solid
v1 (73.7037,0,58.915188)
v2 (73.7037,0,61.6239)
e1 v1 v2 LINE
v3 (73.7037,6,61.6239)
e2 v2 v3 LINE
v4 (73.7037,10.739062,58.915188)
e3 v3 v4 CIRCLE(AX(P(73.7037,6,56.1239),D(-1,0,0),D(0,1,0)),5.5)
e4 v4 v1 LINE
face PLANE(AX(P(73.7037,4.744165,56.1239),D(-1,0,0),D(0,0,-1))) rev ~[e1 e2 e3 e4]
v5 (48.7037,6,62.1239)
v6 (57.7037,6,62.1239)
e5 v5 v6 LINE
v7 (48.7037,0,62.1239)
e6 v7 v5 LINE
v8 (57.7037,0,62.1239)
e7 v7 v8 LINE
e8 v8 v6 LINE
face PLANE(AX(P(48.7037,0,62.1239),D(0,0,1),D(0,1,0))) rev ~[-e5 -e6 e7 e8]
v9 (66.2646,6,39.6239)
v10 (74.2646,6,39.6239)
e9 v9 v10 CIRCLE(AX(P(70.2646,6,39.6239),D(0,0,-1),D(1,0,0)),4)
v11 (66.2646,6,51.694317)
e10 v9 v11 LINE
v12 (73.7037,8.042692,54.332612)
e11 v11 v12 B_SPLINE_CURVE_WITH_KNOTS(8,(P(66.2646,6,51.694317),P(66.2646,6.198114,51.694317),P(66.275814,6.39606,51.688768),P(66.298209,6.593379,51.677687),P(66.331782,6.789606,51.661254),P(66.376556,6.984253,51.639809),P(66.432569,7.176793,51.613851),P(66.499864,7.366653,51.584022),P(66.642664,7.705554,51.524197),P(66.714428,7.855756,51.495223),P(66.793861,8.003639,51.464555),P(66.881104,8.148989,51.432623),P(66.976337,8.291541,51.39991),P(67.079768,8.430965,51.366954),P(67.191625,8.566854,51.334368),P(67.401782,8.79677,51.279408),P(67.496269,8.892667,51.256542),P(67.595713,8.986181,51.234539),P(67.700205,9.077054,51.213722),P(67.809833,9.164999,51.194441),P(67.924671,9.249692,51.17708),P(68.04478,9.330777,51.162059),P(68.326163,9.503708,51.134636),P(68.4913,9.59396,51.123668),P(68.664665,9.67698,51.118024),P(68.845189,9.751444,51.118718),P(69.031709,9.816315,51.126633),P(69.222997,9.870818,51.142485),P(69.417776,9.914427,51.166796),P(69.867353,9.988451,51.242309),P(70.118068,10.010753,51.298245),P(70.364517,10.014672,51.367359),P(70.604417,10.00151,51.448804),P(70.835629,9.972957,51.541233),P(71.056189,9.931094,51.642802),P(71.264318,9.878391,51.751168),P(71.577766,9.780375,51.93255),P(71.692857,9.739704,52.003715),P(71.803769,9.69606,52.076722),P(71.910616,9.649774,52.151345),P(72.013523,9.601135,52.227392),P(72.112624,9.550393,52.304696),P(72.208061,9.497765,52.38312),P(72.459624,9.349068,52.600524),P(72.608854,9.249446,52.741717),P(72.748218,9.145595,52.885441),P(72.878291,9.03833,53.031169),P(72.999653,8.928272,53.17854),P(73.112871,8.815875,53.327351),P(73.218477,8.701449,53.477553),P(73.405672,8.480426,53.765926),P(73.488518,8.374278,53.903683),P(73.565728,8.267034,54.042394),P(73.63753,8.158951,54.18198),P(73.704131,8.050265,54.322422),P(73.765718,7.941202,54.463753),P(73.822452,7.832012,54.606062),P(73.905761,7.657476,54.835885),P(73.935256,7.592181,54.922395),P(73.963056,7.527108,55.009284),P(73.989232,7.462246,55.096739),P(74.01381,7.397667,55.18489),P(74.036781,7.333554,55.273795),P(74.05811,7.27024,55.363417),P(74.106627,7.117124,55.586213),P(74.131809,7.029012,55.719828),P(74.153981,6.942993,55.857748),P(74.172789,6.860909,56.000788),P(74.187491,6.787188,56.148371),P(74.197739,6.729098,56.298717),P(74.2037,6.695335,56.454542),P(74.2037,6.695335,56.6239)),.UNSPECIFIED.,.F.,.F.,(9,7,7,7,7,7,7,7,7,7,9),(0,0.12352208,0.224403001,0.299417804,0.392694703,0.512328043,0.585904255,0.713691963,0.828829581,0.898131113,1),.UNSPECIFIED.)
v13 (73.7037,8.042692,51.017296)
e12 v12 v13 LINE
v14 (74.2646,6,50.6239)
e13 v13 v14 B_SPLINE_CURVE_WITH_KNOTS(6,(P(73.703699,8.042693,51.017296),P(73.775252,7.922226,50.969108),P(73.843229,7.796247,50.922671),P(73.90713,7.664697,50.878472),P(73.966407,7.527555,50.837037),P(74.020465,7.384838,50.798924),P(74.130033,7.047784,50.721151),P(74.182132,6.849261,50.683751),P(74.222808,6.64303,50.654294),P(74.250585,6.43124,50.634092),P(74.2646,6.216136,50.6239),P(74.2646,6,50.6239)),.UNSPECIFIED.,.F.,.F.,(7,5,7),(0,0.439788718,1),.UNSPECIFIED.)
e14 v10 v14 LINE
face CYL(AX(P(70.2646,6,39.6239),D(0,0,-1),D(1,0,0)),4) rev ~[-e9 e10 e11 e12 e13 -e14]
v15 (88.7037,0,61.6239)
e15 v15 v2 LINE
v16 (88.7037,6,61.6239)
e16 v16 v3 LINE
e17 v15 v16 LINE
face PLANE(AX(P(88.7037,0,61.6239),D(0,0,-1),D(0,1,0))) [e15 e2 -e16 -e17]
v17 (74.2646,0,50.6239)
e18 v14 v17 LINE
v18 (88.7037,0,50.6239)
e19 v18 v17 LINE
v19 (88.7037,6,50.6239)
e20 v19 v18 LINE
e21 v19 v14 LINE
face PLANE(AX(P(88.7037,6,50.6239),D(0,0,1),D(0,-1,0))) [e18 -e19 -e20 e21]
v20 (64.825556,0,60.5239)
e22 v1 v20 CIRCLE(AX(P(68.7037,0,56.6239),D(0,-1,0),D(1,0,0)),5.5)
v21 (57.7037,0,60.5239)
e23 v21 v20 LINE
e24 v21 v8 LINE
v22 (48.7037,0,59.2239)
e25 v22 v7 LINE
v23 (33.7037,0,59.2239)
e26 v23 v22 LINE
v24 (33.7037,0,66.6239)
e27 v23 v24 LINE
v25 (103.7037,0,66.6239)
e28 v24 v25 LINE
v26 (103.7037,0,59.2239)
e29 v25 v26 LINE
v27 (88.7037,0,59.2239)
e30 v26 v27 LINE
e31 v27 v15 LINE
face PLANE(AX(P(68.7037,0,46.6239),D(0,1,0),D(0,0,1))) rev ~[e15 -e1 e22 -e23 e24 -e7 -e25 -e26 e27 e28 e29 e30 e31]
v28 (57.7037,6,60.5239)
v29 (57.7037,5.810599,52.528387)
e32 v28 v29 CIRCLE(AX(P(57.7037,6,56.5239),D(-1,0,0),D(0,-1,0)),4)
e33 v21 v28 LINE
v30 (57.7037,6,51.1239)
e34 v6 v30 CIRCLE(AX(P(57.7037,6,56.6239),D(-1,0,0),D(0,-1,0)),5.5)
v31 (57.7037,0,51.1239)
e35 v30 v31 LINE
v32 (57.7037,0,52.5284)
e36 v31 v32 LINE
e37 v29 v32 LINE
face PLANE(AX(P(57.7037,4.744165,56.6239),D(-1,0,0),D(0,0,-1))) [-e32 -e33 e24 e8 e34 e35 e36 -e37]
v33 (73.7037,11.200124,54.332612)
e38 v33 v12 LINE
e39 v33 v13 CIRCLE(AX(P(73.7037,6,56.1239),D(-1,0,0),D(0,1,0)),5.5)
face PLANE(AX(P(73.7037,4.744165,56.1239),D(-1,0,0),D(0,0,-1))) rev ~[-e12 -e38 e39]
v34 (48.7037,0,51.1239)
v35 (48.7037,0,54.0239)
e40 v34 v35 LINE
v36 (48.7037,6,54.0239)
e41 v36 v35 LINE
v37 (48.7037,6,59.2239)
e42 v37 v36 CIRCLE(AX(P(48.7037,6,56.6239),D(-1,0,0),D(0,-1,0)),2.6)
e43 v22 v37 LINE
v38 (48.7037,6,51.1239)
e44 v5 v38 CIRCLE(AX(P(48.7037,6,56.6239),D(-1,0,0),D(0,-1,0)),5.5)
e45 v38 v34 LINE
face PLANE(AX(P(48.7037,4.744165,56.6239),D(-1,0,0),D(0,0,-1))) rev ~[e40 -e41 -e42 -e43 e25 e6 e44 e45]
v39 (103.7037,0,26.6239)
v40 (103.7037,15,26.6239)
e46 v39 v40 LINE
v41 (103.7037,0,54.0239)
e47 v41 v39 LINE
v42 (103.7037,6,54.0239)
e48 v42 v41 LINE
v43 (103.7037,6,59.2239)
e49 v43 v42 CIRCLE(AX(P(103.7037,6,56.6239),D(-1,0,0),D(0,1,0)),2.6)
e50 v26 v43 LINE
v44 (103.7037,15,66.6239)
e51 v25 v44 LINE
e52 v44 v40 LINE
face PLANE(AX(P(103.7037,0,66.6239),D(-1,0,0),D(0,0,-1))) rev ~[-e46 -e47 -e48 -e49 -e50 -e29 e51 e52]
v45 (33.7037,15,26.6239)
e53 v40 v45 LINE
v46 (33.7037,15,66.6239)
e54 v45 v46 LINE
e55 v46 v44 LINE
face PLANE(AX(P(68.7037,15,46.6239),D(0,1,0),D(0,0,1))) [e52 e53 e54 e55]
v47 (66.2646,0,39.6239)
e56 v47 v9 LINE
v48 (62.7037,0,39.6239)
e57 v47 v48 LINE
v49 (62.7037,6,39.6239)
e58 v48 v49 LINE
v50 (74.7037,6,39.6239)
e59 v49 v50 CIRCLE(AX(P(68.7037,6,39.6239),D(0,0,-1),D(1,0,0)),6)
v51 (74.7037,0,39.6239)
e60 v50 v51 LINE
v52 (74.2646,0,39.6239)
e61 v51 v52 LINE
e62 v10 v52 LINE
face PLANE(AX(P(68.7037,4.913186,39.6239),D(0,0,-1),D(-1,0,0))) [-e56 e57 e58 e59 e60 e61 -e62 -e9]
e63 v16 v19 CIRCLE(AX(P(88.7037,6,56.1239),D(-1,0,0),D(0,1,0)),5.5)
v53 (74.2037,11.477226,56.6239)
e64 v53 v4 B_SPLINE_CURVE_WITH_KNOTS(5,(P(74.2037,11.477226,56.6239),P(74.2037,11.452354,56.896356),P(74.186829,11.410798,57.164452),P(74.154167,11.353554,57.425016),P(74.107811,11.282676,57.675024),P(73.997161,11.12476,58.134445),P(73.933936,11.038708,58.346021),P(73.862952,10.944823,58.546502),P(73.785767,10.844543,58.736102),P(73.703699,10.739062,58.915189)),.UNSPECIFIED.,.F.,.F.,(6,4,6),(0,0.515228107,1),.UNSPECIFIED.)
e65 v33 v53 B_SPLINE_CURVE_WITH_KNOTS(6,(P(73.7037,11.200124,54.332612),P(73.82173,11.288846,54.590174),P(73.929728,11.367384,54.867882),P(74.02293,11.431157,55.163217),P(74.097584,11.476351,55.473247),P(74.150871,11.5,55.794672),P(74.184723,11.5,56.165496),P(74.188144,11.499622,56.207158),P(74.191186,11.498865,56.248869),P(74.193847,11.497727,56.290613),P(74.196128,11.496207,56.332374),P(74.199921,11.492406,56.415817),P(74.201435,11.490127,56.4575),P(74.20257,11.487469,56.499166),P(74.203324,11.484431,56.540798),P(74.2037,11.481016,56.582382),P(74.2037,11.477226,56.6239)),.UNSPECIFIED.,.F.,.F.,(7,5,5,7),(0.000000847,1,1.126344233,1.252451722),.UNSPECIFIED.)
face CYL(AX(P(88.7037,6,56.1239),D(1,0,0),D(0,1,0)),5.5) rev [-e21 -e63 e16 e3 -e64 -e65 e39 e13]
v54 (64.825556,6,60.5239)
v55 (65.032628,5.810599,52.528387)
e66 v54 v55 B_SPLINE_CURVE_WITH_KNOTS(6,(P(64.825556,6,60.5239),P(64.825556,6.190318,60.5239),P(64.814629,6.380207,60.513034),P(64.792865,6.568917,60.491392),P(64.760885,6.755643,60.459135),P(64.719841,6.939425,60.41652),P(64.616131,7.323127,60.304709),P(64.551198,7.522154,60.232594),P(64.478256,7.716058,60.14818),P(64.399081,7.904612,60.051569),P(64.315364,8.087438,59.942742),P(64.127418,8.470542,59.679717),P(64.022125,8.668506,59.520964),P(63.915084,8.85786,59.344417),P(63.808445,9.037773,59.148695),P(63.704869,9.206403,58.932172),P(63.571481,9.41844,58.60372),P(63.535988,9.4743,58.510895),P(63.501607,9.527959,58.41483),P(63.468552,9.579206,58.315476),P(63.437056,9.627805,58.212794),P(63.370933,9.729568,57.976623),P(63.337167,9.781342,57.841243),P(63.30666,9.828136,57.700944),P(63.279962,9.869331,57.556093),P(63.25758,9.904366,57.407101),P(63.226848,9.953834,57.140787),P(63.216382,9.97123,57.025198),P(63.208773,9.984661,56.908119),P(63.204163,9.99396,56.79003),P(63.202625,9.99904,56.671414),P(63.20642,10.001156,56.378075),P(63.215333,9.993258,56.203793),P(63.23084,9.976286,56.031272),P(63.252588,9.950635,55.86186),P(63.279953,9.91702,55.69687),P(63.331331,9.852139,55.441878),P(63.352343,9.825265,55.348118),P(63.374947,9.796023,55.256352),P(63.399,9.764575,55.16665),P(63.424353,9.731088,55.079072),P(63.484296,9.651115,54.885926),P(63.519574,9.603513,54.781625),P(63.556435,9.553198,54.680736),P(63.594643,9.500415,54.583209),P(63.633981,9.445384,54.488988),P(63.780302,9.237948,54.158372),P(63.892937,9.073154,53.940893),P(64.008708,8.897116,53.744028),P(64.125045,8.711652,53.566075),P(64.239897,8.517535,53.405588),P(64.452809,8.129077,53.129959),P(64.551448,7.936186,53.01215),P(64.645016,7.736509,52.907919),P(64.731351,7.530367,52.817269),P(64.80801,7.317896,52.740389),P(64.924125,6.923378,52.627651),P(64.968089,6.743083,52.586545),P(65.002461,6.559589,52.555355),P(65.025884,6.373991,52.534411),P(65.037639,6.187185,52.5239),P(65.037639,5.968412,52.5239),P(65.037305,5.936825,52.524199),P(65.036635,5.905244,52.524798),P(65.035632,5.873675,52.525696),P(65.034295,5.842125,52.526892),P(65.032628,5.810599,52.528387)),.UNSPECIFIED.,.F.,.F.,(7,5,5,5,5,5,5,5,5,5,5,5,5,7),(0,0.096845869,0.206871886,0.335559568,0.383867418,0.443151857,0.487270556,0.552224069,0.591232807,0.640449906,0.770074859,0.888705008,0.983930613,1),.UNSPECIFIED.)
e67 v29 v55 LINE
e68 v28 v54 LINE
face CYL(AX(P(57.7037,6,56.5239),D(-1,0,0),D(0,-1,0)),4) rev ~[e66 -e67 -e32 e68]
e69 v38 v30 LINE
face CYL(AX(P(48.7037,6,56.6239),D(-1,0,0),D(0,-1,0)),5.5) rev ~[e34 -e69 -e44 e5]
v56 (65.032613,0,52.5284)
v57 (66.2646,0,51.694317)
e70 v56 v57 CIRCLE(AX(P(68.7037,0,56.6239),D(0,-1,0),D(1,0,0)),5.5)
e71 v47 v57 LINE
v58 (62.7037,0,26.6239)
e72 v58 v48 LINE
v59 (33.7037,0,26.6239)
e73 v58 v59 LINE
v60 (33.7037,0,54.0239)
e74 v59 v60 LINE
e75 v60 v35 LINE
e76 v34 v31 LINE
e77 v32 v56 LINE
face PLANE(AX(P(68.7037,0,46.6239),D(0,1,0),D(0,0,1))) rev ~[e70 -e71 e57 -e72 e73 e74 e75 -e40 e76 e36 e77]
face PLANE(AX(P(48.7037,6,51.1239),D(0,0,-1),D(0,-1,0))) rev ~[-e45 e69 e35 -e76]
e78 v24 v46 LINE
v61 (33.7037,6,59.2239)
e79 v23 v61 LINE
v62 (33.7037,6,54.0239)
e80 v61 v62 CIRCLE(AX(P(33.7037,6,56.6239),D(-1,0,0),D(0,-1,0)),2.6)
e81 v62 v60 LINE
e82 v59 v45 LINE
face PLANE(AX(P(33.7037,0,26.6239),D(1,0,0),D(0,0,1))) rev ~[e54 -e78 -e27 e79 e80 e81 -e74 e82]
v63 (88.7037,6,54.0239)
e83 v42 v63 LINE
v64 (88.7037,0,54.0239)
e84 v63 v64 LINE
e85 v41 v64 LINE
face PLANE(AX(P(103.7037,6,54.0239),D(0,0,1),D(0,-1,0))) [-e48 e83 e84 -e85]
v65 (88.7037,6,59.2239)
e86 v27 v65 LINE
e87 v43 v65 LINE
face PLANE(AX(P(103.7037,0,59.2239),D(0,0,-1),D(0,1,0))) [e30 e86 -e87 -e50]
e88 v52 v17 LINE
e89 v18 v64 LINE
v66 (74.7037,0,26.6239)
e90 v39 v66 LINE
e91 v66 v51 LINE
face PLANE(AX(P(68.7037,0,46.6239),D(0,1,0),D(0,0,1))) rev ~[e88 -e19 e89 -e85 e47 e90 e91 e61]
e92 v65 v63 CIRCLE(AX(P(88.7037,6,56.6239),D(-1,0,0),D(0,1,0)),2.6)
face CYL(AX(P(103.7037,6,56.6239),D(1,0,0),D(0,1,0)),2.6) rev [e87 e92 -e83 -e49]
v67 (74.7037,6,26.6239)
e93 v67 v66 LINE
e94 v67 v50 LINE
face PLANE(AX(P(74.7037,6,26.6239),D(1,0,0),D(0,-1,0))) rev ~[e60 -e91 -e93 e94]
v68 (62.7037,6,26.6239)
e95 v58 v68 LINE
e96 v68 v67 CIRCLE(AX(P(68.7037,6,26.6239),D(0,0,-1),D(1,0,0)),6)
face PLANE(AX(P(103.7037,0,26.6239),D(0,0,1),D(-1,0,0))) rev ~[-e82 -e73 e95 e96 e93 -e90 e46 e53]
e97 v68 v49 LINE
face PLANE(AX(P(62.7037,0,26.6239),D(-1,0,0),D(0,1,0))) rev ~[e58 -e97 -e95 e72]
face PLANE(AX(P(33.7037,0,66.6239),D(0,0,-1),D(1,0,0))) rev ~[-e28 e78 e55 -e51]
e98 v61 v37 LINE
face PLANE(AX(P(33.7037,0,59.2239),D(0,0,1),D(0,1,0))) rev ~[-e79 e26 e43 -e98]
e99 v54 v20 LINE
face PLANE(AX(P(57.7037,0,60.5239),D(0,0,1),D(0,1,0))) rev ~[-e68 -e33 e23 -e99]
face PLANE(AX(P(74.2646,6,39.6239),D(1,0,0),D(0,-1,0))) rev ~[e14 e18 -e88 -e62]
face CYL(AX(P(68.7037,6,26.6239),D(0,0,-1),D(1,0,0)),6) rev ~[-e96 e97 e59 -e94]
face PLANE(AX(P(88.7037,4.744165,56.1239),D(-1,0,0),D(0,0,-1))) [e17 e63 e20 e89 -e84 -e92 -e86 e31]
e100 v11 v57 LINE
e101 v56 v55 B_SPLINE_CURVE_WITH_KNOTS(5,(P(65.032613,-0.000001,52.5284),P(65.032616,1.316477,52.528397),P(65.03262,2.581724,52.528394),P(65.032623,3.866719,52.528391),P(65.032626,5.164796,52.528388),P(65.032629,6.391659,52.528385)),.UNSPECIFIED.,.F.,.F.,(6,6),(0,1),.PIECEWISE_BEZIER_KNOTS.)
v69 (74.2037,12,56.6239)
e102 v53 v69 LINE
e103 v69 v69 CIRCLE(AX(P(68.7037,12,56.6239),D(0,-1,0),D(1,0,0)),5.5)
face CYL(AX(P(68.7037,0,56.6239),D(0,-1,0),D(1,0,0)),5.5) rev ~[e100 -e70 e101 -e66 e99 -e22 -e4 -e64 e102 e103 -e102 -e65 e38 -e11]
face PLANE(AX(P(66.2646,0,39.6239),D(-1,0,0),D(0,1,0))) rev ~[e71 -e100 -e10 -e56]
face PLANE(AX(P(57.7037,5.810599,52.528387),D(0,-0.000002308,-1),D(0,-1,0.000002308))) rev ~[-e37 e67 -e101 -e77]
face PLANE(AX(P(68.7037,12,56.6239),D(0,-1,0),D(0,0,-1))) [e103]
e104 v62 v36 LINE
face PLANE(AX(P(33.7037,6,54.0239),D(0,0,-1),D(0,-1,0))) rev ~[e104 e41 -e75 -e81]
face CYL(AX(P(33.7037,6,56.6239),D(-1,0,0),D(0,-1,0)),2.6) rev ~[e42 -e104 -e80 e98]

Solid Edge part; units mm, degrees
sketch "Sketch1" plane through (0, 0, 0) normal (0, -1, 0) x (1, 0, 0)
  line L0 (33.7037, 66.6239) -> (103.7037, 66.6239)
  line L1 (103.7037, 66.6239) -> (103.7037, 26.6239)
  line L2 (103.7037, 26.6239) -> (33.7037, 26.6239)
  line L3 (33.7037, 26.6239) -> (33.7037, 66.6239)
  dimension "D1" = 70
  dimension "D2" = 40
  dimension "D3" = 70
  dimension "D4" = 40
extrude "Protrusion1" add sketch "Sketch1" against normal blind 15
sketch "Sketch2" plane through (68.7037, 0, 46.6239) normal (0, -1, 0) x (1, 0, 0)
  circle A0 centre (0, 10) radius 5.5
  dimension "D1" = 11
  dimension "D2" = 10
extrude "ExtrudedCutout_1" cut sketch "Sketch2" against normal blind 12
sketch "Sketch3" plane through (103.7037, 7.5, 46.6239) normal (1, 0, 0) x (0, 1, 0)
  line L0 (-7.5, 12.6) -> (-1.5, 12.6)
  arc A0 (-1.5, 12.6) -> (-1.5, 7.4) centre (-1.5, 10) cw
  line L1 (-1.5, 7.4) -> (-7.5, 7.4)
  line L2 (-7.5, 7.4) -> (-7.5, 12.6)
  dimension "D1" = 6
  dimension "D2" = 7.4
  dimension "D3" = 2.6
extrude "ExtrudedCutout_4" cut sketch "Sketch3" against normal blind 15
sketch "Sketch4" plane through (88.7037, 4.3, 55.6239) normal (1, 0, 0) x (0, 1, 0)
  line L0 (-4.3, 6) -> (1.7, 6)
  arc A0 (1.7, 6) -> (1.7, -5) centre (1.7, 0.5) cw
  line L1 (1.7, -5) -> (-4.3, -5)
  line L2 (-4.3, -5) -> (-4.3, 6)
  dimension "D1" = 6
  dimension "D2" = 5
  dimension "D3" = 5.5
extrude "ExtrudedCutout_5" cut sketch "Sketch4" against normal blind 15
sketch "Sketch5" plane through (33.7037, 7.5, 46.6239) normal (-1, 0, 0) x (0, -1, 0)
  line L0 (7.5, 12.6) -> (1.5, 12.6)
  arc A0 (1.5, 12.6) -> (1.5, 7.4) centre (1.5, 10) ccw
  line L1 (1.5, 7.4) -> (7.5, 7.4)
  line L2 (7.5, 7.4) -> (7.5, 12.6)
  dimension "D1" = 6
  dimension "D2" = 7.4
  dimension "D3" = 2.6
extrude "ExtrudedCutout_6" cut sketch "Sketch5" against normal blind 15
sketch "Sketch6" plane through (48.7037, 4.3, 56.6239) normal (-1, 0, 0) x (0, -1, 0)
  line L0 (4.3, 5.5) -> (-1.7, 5.5)
  arc A0 (-1.7, 5.5) -> (-1.7, -5.5) centre (-1.7, 0) ccw
  line L1 (-1.7, -5.5) -> (4.3, -5.5)
  line L2 (4.3, -5.5) -> (4.3, 5.5)
  dimension "D1" = 4.5
  dimension "D2" = 5.5
  dimension "D3" = 6
extrude "ExtrudedCutout_7" cut sketch "Sketch6" against normal blind 9
sketch "Sketch7" plane through (57.7037, 5.75, 56.6239) normal (-1, 0, 0) x (0, -1, 0)
  line L0 (5.75, 3.9) -> (-0.25, 3.9)
  arc A0 (-0.25, 3.9) -> (-0.0606, -4.0955) centre (-0.25, -0.1) ccw
  line L1 (-0.0606, -4.0955) -> (5.75, -4.0955)
  line L2 (5.75, -4.0955) -> (5.75, 3.9)
  dimension "D1" = 6
  dimension "D2" = 6.1
  dimension "D3" = 4
extrude "Cutout1" cut sketch "Sketch7" against normal up to next
sketch "Sketch8" plane through (68.7037, 7.5, 26.6239) normal (0, 0, -1) x (1, 0, 0)
  line L0 (-6, 7.5) -> (-6, 1.5)
  arc A0 (-6, 1.5) -> (6, 1.5) centre (0, 1.5) ccw
  line L1 (6, 1.5) -> (6, 7.5)
  line L2 (6, 7.5) -> (-6, 7.5)
  dimension "D1" = 6
  dimension "D2" = 6
  dimension "D3" = 6
extrude "ExtrudedCutout_9" cut sketch "Sketch8" against normal blind 13
sketch "Sketch9" plane through (68.7037, 5.75, 39.6239) normal (0, 0, -1) x (1, 0, 0)
  line L0 (-2.4391, 5.75) -> (-2.4391, -0.25)
  arc A0 (-2.4391, -0.25) -> (5.5609, -0.25) centre (1.5609, -0.25) ccw
  line L1 (5.5609, -0.25) -> (5.5609, 5.75)
  line L2 (5.5609, 5.75) -> (-2.4391, 5.75)
  dimension "D1" = 6
  dimension "D2" = 4
  dimension "D3" = 3
extrude "Cutout2" cut sketch "Sketch9" against normal up to next
